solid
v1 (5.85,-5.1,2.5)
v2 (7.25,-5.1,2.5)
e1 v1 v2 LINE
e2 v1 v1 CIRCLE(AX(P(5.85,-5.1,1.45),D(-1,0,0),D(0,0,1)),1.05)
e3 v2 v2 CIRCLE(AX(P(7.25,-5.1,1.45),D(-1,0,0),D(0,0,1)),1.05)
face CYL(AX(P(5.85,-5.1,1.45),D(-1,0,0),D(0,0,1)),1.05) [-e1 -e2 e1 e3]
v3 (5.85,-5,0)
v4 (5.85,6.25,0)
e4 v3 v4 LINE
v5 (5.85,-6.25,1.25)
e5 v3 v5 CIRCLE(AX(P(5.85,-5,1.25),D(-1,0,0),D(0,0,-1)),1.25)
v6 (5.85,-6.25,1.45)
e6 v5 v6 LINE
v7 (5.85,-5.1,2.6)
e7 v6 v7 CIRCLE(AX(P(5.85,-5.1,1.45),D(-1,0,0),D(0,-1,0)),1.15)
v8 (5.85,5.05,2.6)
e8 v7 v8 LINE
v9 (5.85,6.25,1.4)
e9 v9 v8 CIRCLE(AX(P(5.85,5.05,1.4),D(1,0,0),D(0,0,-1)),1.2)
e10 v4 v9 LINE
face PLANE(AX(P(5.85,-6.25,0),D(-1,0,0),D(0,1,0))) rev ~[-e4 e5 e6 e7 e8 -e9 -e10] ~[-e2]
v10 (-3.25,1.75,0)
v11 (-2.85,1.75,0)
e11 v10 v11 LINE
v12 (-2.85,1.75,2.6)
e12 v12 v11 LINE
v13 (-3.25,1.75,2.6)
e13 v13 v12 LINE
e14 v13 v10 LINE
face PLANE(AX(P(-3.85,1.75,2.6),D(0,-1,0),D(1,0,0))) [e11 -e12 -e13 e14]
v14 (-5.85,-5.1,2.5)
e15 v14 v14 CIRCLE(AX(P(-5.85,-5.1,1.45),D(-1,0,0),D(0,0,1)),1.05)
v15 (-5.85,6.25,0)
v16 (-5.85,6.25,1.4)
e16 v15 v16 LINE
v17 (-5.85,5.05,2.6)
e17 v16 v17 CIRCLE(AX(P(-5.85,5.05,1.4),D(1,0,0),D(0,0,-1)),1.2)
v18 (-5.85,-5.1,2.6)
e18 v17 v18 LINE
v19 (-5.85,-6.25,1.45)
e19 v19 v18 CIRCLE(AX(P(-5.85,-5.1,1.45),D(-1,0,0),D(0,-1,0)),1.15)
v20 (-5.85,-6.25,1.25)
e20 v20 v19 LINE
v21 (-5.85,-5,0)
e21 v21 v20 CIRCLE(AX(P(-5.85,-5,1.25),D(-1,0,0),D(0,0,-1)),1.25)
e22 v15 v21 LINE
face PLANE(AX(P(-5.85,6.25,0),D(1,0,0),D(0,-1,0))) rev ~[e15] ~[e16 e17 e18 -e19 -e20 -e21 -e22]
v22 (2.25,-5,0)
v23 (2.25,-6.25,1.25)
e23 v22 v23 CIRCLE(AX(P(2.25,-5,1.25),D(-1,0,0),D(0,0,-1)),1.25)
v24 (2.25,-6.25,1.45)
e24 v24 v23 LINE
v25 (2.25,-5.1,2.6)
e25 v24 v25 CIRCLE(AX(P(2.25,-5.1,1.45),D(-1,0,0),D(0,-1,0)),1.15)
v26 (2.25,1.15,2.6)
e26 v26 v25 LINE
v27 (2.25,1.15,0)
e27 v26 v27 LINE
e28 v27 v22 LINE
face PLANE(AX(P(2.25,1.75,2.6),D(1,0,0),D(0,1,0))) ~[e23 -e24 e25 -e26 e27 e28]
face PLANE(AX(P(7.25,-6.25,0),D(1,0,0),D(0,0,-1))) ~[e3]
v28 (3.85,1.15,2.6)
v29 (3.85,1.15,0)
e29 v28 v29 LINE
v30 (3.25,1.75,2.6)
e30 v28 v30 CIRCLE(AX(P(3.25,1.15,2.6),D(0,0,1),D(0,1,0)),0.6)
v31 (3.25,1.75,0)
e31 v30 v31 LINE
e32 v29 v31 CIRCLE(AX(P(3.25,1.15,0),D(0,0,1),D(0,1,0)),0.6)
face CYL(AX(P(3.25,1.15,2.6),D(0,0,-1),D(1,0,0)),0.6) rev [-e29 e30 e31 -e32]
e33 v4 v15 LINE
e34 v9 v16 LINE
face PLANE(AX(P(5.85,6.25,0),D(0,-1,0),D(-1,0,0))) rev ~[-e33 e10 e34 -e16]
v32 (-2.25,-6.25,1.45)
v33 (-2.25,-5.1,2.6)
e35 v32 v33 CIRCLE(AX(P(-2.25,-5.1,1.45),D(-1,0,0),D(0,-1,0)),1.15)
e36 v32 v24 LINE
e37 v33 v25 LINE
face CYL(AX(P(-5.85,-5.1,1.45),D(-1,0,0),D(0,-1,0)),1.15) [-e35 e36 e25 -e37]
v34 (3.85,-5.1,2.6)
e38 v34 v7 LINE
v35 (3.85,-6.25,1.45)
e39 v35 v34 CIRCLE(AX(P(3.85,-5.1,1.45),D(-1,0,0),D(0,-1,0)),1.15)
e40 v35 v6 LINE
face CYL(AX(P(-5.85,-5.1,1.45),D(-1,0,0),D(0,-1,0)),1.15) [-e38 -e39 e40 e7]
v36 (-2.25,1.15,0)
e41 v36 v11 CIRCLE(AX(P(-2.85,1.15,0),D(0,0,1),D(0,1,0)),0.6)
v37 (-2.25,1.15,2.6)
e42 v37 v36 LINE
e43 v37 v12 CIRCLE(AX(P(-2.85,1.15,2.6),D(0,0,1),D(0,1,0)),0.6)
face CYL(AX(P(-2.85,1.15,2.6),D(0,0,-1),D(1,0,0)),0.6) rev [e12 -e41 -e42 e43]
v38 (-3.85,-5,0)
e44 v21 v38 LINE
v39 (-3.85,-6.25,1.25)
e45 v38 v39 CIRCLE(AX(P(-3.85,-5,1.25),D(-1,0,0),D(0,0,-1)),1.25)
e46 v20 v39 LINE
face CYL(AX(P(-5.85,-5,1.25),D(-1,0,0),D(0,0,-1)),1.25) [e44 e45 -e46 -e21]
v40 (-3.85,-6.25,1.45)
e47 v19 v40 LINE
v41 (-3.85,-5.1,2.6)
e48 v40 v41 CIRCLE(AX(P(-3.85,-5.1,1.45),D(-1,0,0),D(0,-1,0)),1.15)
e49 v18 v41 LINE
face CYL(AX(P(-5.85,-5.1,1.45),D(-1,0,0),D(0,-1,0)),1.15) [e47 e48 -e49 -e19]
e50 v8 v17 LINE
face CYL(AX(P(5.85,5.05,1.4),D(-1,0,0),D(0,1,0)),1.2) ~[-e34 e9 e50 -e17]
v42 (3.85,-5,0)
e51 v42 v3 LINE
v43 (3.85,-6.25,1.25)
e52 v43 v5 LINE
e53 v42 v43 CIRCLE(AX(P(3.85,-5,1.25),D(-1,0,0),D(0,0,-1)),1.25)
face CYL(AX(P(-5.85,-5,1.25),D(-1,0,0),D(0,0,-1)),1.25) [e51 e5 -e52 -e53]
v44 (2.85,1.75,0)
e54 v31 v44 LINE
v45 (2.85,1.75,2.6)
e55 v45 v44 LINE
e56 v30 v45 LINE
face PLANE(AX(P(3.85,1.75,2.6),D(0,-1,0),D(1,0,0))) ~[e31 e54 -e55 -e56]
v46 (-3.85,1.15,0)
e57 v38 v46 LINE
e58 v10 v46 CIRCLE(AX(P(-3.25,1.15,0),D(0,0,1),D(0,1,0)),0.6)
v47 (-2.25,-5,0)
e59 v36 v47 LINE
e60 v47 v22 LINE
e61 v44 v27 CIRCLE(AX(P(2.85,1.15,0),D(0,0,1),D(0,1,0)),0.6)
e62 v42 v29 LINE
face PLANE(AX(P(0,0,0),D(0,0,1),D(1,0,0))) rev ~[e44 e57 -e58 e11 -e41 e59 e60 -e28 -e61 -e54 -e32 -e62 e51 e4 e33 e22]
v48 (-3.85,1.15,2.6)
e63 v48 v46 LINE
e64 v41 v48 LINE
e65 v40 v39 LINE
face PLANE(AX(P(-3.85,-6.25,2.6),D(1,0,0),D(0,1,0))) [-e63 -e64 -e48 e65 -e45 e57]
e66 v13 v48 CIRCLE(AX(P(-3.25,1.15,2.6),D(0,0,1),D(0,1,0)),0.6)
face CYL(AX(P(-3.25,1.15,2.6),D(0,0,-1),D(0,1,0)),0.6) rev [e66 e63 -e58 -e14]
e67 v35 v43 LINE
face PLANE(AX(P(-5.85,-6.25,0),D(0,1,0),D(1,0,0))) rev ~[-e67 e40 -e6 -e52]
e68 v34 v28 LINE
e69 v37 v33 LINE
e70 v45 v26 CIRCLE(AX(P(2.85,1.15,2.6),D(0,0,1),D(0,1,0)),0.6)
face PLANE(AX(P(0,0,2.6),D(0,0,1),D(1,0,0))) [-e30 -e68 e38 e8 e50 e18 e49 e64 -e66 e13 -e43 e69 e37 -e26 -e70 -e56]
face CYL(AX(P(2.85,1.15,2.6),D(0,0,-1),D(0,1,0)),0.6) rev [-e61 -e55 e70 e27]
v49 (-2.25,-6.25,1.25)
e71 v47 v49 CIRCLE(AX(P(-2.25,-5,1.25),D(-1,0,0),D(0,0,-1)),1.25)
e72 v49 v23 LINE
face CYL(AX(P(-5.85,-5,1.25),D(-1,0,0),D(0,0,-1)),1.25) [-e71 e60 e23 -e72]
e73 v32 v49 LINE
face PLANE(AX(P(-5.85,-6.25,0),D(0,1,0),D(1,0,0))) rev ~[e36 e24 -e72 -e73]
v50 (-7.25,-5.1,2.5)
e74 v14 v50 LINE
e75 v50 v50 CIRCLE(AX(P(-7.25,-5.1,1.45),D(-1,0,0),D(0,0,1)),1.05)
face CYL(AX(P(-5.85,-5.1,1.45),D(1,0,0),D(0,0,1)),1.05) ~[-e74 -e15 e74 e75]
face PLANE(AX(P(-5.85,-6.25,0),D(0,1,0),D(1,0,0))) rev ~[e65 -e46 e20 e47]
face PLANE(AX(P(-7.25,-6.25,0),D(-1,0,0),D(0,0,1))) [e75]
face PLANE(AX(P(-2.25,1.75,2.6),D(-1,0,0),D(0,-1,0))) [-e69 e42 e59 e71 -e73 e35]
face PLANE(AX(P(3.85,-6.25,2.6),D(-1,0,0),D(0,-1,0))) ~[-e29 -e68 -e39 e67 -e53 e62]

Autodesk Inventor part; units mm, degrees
ref_plane "YZ Plane" through (0, 0, 0) normal (1, 0, 0) x (0, 1, 0)
ref_plane "XZ Plane" through (0, 0, 0) normal (0, 1, 0) x (-1, 0, 0)
ref_plane "XY Plane" through (0, 0, 0) normal (0, 0, 1) x (1, 0, 0)
sketch "Sketch1" plane through (0, 0, 0) normal (0, 0, 1) x (1, 0, 0)
  line L0 (0, -8.75) -> (0, 8.75) construction
  line L1 (-8.19, 0) -> (8.19, 0) construction
  line L2 (-5.85, -6.25) -> (5.85, -6.25)
  line L3 (5.85, -6.25) -> (5.85, 6.25)
  line L4 (5.85, 6.25) -> (-5.85, 6.25)
  line L5 (-5.85, 6.25) -> (-5.85, -6.25)
  line L6 (0, -6.25) -> (0, 6.25) construction
  point P0 (0, 0)
  dimension "d0" = 12.5
  dimension "d1" = 11.7
extrude "Extrusion1" add sketch "Sketch1" along normal blind 2.6
sketch "Sketch3" plane through (-5.85, -6.25, 0) normal (-1, 0, 0) x (0, 0, 1)
  line L0 (0, 12.5) -> (0, 0) construction
  line L1 (0, 0) -> (2.6, 0) construction
  circle A0 centre (1.45, 1.15) radius 1.05
  line L2 (1.45, 1.15) -> (2.5, 1.15) construction
  line L3 (2.6, 12.5) -> (2.6, 0) construction
  line L4 (1.45, 1.15) -> (1.45, 0.1) construction
  point P0 (0, 6.25)
  dimension "d10" = 2.1
  dimension "d11" = 0.1
  dimension "d23" = 0.1
extrude "Extrusion3" add sketch "Sketch3" along normal blind 1.4
sketch "Sketch4" plane through (0, 0, 2.6) normal (0, 0, 1) x (1, 0, 0)
  line L0 (-5.85, -6.25) -> (5.85, -6.25) construction
  line L1 (-5.85, 6.25) -> (-5.85, -6.25) construction
  line L2 (-2.25, -6.25) -> (-3.85, -6.25)
  line L3 (-3.85, -6.25) -> (-3.85, 1.75)
  line L4 (-3.85, 1.75) -> (-2.25, 1.75)
  line L5 (-2.25, 1.75) -> (-2.25, -6.25)
  point P0 (0, 0)
  dimension "d18" = 2
  dimension "d19" = 1.6
  dimension "d20" = 8
extrude "Extrusion4" cut sketch "Sketch4" against normal through all
mirror "Mirror1" about plane through (0, 0, 0) normal (1, 0, 0) of "Extrusion3", "Extrusion4"
sketch "Sketch6" plane through (-5.85, -6.25, 0) normal (-1, 0, 0) x (0, 0, 1)
  circle A0 centre (1.45, 1.15) radius 1.05 construction
  line L0 (0, 0) -> (2.6, 0) construction
  line L1 (2.6, 12.5) -> (2.6, 0) construction
  line L2 (0, 12.5) -> (0, 0) construction
  arc A1 (1.45, 0) -> (2.6, 1.15) centre (1.45, 1.15) ccw
  line L3 (1.45, 1.15) -> (2.6, 1.15) construction
  line L4 (1.45, 1.15) -> (1.45, 0) construction
  line L5 (0, 1.25) -> (-2, 1.25)
  line L6 (-2, 1.25) -> (-2, -1.75)
  line L7 (-2, -1.75) -> (3, -1.75)
  line L8 (3, -1.75) -> (3, 1.25)
  line L9 (3, 1.25) -> (2.6, 1.15)
  arc A2 (0, 1.25) -> (1.25, 0) centre (1.25, 1.25) ccw
  line L10 (1.25, 0) -> (1.45, 0)
  line L11 (0.0201, 1.25) -> (1.25, 1.25) construction
  point P0 (0, 6.25)
  point P1 (3, 1.25)
  dimension "d32" = 3
  dimension "d34" = 3
  dimension "d49" = 0.2
  dimension "d50" = 2
  dimension "d51" = 5
extrude "Extrusion5" cut sketch "Sketch6" against normal through all
fillet "Fillet1" radius 0.6 4 edges at (-3.85, 1.75, 1.3) (-2.25, 1.75, 1.3) (3.85, 1.75, 1.3) (2.25, 1.75, 1.3)
fillet "Fillet3" radius 1.2 1 edges at (0, 6.25, 2.6)
properties part number "tilt_leg"
